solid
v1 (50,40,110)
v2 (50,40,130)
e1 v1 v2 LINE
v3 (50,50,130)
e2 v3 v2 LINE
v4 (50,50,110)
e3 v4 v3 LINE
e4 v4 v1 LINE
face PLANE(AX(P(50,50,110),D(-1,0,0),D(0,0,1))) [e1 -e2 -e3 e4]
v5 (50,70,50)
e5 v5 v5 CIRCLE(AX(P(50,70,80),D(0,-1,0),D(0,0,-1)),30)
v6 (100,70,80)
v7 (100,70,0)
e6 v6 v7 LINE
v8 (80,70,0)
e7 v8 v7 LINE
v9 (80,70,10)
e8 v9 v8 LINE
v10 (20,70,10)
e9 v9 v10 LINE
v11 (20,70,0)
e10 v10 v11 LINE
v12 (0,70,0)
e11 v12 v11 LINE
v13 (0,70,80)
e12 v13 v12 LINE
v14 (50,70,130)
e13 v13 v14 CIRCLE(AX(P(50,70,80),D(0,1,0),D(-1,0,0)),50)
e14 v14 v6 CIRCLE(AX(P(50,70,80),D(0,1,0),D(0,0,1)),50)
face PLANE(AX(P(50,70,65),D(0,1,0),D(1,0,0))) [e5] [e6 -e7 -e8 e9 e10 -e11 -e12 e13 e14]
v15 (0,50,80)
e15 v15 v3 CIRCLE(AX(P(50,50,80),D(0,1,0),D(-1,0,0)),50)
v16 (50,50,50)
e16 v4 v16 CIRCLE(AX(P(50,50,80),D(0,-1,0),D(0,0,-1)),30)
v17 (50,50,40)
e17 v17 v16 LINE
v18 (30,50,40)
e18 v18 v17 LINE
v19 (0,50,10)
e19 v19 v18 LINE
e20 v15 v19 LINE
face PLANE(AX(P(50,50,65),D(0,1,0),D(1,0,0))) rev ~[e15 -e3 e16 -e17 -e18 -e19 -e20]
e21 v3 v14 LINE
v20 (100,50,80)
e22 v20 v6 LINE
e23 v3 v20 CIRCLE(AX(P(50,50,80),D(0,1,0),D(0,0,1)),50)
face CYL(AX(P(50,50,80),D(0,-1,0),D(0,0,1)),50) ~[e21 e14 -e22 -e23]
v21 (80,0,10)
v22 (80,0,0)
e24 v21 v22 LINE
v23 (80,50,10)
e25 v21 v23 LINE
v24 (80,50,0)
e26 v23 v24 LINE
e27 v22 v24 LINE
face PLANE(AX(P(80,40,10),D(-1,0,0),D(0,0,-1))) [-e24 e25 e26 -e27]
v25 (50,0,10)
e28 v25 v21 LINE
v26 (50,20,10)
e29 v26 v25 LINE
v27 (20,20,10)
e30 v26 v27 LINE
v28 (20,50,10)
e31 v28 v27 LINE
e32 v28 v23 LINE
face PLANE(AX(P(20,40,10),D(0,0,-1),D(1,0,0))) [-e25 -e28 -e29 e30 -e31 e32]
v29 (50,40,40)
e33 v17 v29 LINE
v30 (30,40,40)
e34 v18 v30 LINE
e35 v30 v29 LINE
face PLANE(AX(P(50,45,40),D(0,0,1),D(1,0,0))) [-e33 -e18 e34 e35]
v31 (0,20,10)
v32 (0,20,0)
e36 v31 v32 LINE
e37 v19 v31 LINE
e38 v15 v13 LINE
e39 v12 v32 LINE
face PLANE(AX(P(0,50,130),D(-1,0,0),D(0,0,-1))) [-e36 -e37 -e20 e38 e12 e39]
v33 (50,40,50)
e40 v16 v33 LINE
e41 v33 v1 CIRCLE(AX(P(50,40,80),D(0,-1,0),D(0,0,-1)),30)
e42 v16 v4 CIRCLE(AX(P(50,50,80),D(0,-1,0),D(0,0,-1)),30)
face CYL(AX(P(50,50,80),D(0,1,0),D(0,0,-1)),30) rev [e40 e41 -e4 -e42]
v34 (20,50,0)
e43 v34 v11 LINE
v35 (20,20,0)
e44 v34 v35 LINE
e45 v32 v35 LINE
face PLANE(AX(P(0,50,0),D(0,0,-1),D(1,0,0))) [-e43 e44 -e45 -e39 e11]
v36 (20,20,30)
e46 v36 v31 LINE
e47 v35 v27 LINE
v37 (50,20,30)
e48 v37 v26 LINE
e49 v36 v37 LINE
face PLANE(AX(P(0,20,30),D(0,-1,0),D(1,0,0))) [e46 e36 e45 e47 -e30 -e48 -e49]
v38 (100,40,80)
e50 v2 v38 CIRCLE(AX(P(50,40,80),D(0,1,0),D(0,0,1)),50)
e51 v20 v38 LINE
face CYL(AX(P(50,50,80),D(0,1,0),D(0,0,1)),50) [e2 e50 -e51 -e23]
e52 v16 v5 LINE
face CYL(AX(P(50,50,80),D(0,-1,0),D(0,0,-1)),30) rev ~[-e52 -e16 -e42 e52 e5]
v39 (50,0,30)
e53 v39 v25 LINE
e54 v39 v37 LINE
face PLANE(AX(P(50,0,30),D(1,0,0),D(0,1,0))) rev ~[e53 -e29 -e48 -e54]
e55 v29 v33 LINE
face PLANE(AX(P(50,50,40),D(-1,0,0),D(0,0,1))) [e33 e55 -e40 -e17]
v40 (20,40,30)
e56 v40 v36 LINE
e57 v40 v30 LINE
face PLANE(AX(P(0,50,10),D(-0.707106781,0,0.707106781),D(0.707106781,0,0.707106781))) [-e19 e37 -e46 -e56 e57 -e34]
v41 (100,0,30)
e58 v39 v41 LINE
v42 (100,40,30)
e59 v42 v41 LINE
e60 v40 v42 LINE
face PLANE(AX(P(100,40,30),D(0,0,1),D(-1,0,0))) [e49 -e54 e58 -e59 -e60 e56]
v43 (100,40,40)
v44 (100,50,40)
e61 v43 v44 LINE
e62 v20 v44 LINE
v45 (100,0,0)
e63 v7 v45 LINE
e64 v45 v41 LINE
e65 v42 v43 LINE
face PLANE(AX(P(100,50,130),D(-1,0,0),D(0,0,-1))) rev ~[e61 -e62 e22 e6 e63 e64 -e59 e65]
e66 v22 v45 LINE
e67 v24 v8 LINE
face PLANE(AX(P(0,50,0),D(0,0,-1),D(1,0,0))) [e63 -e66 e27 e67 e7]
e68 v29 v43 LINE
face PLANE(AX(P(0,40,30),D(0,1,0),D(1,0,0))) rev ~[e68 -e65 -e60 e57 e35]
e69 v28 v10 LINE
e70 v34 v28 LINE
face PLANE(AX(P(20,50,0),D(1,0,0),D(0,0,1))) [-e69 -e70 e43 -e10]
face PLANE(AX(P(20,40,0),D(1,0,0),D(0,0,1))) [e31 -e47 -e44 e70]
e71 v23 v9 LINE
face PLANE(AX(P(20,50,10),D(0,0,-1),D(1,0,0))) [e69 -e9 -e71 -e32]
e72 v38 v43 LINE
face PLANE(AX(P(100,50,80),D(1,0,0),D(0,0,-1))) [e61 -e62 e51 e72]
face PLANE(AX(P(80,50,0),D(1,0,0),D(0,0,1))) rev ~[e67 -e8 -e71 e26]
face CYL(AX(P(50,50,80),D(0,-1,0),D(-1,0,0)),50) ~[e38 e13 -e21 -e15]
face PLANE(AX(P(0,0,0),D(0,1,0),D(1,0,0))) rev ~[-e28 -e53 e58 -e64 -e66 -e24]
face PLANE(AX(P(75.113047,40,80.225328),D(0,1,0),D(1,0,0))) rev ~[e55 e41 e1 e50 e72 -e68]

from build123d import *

# Parameters (mm, degrees)
SKETCH1_W           = 100
SKETCH1_H           = 40
BOSS_EXTRUDE1_DEPTH = 30
SKETCH2_W           = 50
SKETCH2_H           = 20
CUT_EXTRUDE1_DEPTH  = 30
SKETCH3_W           = 60
SKETCH3_H           = 10
CUT_EXTRUDE3_DEPTH  = 110
BOSS_EXTRUDE2_DEPTH = 10
SKETCH5_W           = 100
SKETCH5_H           = 10
BOSS_EXTRUDE3_DEPTH = 10
CUT_EXTRUDE4_DEPTH  = 45
SKETCH7_W           = 100
SKETCH7_H           = 130
BOSS_EXTRUDE4_DEPTH = 20
SKETCH8_R           = 30
CUT_EXTRUDE5_DEPTH  = 20
CUT_EXTRUDE6_DEPTH  = 20
BOSS_EXTRUDE5_DEPTH = 10
SKETCH12_W          = 60
SKETCH12_H          = 10
CUT_EXTRUDE9_DEPTH  = 56


with BuildPart() as part:
    # Sketch1 → Boss-Extrude1 (new body)
    with BuildSketch(Plane.XY):
        with Locations((50, 20)):
            Rectangle(SKETCH1_W, SKETCH1_H)
    extrude(amount=BOSS_EXTRUDE1_DEPTH)

    # Sketch2 → Cut-Extrude1 (cut)
    with BuildSketch(Plane.XY.offset(30)):
        with Locations((25, 10)):
            Rectangle(SKETCH2_W, SKETCH2_H)
    extrude(amount=-CUT_EXTRUDE1_DEPTH, mode=Mode.SUBTRACT)

    # Sketch3 → Cut-Extrude3 (cut)
    with BuildSketch(Plane(origin=(0, 40, 0), x_dir=(1, 0, 0), z_dir=(0, 1, 0))):
        with Locations((50, -5)):
            Rectangle(SKETCH3_W, SKETCH3_H)
    extrude(amount=-CUT_EXTRUDE3_DEPTH, mode=Mode.SUBTRACT)

    # Sketch4 → Boss-Extrude2 (add)
    with BuildSketch(Plane(origin=(0, 40, 0), x_dir=(1, 0, 0), z_dir=(0, 1, 0))):
        Polygon((100, 0), (100, -30), (0, -30), (0, 0), (20, 0), (20, -10), (80, -10), (80, 0), align=None)
    extrude(amount=BOSS_EXTRUDE2_DEPTH)

    # Sketch5 → Boss-Extrude3 (add)
    with BuildSketch(Plane.XY.offset(30)):
        with Locations((50, 45)):
            Rectangle(SKETCH5_W, SKETCH5_H)
    extrude(amount=BOSS_EXTRUDE3_DEPTH)

    # Sketch6 → Cut-Extrude4 (cut)
    with BuildSketch(Plane(origin=(0, 50, 0), x_dir=(1, 0, 0), z_dir=(0, 1, 0))):
        Polygon((0, -10), (30, -40), (0, -40), align=None)
    extrude(amount=-CUT_EXTRUDE4_DEPTH, mode=Mode.SUBTRACT)

    # Sketch7 → Boss-Extrude4 (add)
    with BuildSketch(Plane(origin=(0, 50, 0), x_dir=(1, 0, 0), z_dir=(0, 1, 0))):
        with Locations((50, -65)):
            Rectangle(SKETCH7_W, SKETCH7_H)
    extrude(amount=BOSS_EXTRUDE4_DEPTH)

    # Sketch8 → Cut-Extrude5 (cut)
    with BuildSketch(Plane.XZ.offset(-50)):
        with Locations(Location((50, 80, 0), (0, 0, 270))):
            Circle(SKETCH8_R)
    extrude(amount=-CUT_EXTRUDE5_DEPTH, mode=Mode.SUBTRACT)

    # Sketch9 → Cut-Extrude6 (cut)
    with BuildSketch(Plane(origin=(0, 50, 0), x_dir=(-1, 0, 0), z_dir=(0, -1, 0))):
        with BuildLine():
            Line((0, -130), (0, -80))
            ThreePointArc((0, -80), (-14.644660941, -115.355339059), (-50, -130))
            Line((-50, -130), (0, -130))
        make_face()
        with BuildLine():
            Line((-100, -130), (-50, -130))
            ThreePointArc((-50, -130), (-85.355339059, -115.355339059), (-100, -80))
            Line((-100, -80), (-100, -130))
        make_face()
    extrude(amount=-CUT_EXTRUDE6_DEPTH, mode=Mode.SUBTRACT)

    # Sketch10 → Boss-Extrude5 (add)
    with BuildSketch(Plane(origin=(0, 50, 0), x_dir=(-1, 0, 0), z_dir=(0, -1, 0))):
        with BuildLine():
            Line((-50, -110), (-50, -130))
            ThreePointArc((-50, -130), (-85.355339059, -115.355339059), (-100, -80))
            Line((-100, -80), (-100, -40))
            Line((-100, -40), (-50, -40))
            Line((-50, -40), (-50, -50))
            ThreePointArc((-50, -50), (-80, -80), (-50, -110))
        make_face()
    extrude(amount=BOSS_EXTRUDE5_DEPTH)

    # Sketch12 → Cut-Extrude9 (cut)
    with BuildSketch(Plane.XZ.offset(-50)):
        with Locations((50, 5)):
            Rectangle(SKETCH12_W, SKETCH12_H)
    extrude(amount=-CUT_EXTRUDE9_DEPTH, mode=Mode.SUBTRACT)


solid = part.part
